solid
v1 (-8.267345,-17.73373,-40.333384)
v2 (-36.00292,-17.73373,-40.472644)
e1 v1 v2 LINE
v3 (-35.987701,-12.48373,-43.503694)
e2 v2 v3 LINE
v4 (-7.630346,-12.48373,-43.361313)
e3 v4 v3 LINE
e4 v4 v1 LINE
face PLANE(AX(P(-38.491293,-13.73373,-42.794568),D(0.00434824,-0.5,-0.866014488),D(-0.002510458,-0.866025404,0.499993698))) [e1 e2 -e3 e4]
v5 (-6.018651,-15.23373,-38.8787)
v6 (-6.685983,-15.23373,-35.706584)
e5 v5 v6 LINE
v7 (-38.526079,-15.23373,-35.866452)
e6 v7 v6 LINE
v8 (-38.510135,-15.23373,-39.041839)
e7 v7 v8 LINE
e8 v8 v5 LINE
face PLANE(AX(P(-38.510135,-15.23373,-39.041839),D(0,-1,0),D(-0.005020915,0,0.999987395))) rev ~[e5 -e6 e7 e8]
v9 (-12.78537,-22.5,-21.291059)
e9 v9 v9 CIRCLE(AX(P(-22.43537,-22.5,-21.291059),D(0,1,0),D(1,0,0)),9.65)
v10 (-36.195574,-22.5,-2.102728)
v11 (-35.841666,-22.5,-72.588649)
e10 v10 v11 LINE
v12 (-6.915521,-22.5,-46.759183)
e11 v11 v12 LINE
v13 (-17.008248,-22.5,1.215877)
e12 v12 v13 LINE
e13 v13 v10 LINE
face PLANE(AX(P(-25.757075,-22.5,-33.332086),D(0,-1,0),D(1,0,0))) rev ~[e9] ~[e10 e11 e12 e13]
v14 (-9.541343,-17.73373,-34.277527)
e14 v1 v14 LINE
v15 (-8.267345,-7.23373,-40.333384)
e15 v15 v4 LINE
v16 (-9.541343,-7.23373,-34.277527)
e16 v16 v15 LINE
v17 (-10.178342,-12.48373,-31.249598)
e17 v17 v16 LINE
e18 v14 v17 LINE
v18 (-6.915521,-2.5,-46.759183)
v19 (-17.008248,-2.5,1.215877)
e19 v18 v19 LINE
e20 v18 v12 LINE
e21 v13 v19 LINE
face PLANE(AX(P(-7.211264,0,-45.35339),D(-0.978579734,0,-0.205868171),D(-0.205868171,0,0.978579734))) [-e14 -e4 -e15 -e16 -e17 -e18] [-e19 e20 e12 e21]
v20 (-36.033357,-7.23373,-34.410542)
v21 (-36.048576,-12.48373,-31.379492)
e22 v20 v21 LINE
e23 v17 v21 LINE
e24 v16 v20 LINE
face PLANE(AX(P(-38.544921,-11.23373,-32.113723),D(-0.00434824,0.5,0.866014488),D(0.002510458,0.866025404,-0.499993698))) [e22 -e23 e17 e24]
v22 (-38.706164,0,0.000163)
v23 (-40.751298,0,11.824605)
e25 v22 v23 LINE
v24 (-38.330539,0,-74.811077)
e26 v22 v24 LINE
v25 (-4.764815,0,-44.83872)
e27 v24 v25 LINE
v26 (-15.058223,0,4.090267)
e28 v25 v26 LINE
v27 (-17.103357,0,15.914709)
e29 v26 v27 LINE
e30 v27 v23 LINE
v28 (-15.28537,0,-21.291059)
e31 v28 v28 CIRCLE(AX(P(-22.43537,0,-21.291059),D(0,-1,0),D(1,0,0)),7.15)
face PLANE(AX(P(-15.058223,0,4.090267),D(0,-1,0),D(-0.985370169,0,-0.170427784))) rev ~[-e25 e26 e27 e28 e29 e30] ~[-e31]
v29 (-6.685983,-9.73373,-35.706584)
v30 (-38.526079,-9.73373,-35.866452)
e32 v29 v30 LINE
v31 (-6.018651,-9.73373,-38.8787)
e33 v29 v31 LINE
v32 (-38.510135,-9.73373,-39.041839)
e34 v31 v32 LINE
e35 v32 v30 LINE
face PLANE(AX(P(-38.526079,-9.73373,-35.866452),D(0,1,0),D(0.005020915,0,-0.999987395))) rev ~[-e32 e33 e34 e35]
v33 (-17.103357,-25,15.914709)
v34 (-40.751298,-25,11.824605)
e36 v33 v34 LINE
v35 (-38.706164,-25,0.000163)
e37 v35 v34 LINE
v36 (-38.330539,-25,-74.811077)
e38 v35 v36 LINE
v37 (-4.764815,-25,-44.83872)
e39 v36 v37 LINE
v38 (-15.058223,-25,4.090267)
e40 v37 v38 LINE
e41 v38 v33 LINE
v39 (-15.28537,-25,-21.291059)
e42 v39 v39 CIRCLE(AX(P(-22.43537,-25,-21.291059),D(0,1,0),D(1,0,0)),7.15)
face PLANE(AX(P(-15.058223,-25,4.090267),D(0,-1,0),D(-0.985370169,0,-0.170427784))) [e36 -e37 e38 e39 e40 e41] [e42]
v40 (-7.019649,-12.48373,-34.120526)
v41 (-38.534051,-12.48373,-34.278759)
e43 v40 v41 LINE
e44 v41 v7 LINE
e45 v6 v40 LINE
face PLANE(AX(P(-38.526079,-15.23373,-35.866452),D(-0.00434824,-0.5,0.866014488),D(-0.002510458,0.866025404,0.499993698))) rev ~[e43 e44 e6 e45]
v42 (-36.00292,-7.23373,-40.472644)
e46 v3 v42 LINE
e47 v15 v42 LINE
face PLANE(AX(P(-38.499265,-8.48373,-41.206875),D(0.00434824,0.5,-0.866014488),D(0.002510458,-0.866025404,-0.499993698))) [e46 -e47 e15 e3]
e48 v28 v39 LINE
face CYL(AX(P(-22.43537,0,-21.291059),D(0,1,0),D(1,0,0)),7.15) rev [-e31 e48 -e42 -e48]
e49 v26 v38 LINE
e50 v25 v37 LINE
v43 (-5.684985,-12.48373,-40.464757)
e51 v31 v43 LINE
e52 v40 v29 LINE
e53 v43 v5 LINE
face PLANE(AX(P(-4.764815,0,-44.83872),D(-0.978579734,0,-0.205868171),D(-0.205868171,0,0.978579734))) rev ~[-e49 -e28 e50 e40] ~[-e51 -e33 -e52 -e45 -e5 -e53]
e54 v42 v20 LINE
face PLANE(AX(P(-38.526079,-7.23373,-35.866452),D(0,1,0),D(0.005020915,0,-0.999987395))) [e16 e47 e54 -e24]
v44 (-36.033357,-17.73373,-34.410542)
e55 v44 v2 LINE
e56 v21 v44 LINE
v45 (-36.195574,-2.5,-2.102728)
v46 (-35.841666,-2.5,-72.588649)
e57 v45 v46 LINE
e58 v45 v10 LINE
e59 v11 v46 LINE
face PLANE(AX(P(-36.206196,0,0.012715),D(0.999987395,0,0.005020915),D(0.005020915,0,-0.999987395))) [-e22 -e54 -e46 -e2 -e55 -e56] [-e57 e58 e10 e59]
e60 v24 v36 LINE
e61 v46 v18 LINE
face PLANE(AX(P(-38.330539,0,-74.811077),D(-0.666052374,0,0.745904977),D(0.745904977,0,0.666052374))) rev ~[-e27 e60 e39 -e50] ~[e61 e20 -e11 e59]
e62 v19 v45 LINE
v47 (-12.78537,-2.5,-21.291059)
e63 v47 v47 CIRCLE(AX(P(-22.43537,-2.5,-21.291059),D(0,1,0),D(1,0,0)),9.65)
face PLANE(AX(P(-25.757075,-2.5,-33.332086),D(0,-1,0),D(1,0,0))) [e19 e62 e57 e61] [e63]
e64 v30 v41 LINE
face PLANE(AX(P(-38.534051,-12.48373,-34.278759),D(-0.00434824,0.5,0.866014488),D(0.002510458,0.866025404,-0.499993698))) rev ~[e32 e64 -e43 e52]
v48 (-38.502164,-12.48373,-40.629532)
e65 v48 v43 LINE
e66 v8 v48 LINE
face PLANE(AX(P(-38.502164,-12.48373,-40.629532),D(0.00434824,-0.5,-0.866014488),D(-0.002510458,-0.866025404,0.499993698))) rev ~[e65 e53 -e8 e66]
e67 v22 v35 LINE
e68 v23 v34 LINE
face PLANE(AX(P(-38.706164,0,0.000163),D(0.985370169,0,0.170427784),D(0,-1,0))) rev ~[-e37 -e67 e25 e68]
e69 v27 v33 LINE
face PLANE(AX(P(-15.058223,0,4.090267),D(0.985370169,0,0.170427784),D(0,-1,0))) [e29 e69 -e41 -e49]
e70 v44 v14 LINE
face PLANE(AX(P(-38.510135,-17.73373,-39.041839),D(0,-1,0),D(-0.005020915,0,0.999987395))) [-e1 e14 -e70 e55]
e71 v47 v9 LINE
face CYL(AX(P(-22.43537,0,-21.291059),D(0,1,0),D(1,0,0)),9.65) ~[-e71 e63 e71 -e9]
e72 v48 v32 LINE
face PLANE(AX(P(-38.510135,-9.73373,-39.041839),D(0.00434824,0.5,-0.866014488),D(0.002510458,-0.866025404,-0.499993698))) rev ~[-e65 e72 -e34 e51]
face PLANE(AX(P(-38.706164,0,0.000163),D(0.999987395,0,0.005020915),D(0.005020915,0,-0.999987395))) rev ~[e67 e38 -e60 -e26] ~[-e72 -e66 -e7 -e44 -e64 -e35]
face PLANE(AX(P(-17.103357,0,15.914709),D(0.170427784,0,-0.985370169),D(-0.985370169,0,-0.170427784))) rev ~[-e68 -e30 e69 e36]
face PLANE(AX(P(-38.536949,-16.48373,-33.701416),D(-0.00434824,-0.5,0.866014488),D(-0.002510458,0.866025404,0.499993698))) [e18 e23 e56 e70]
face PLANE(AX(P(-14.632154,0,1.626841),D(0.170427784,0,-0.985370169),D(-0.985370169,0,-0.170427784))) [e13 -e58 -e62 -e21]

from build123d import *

# Parameters (mm, degrees)
F2_DEPTH = 25
F1_R     = 7.15
F3_DEPTH = 25.4
F6_DEPTH = 35.2
F7_T     = -2.5
F8_DEPTH = 12


with BuildPart() as f2:
    # F0 (on Front) → F2 (new body)
    with BuildSketch(Plane.XZ):
        Polygon((-15.0582233108, 4.0902668196), (-38.706164358, 0.000163102), (-38.330538716, -74.8110767319), (-4.764814752, -44.8387198881), align=None)
    extrude(amount=F2_DEPTH)

    # F1 (on Front) → F3 (cut)
    with BuildSketch(Plane.XZ):
        with Locations((-22.4353701932, -21.2910585503)):
            Circle(F1_R)
    extrude(amount=F3_DEPTH, mode=Mode.SUBTRACT)

    # F5 (on face) → F6 (cut, symmetric)
    with BuildSketch(Plane(origin=(-38.7051877725, 0, -0.1943379235), x_dir=(0, -1, 0), z_dir=(-0.9999873951, 0, -0.0050209154))):
        Polygon((15.2337295342, -35.6725638611), (12.4837295342, -34.0848506209), (9.7337295342, -35.6725638611), (9.7337295342, -38.8479903417), (12.4837295342, -40.435703582), (15.2337295342, -38.8479903417), align=None)
    extrude(amount=F6_DEPTH, both=True, mode=Mode.SUBTRACT)

    # F7
    f7_openings = [f2.faces().sort_by_distance(p)[0] for p in [
        (-21.547677, -12.5, -59.824898),
    ]]
    offset(amount=F7_T, openings=f7_openings, kind=Kind.INTERSECTION)

    # F8 (add): a face of the model
    f8_faces = [f2.faces().sort_by_distance(p)[0] for p in [
        (-26.8821938344, -12.5, 2.0452149608),
    ]]
    extrude(f8_faces, amount=F8_DEPTH)


solid = f2.part
